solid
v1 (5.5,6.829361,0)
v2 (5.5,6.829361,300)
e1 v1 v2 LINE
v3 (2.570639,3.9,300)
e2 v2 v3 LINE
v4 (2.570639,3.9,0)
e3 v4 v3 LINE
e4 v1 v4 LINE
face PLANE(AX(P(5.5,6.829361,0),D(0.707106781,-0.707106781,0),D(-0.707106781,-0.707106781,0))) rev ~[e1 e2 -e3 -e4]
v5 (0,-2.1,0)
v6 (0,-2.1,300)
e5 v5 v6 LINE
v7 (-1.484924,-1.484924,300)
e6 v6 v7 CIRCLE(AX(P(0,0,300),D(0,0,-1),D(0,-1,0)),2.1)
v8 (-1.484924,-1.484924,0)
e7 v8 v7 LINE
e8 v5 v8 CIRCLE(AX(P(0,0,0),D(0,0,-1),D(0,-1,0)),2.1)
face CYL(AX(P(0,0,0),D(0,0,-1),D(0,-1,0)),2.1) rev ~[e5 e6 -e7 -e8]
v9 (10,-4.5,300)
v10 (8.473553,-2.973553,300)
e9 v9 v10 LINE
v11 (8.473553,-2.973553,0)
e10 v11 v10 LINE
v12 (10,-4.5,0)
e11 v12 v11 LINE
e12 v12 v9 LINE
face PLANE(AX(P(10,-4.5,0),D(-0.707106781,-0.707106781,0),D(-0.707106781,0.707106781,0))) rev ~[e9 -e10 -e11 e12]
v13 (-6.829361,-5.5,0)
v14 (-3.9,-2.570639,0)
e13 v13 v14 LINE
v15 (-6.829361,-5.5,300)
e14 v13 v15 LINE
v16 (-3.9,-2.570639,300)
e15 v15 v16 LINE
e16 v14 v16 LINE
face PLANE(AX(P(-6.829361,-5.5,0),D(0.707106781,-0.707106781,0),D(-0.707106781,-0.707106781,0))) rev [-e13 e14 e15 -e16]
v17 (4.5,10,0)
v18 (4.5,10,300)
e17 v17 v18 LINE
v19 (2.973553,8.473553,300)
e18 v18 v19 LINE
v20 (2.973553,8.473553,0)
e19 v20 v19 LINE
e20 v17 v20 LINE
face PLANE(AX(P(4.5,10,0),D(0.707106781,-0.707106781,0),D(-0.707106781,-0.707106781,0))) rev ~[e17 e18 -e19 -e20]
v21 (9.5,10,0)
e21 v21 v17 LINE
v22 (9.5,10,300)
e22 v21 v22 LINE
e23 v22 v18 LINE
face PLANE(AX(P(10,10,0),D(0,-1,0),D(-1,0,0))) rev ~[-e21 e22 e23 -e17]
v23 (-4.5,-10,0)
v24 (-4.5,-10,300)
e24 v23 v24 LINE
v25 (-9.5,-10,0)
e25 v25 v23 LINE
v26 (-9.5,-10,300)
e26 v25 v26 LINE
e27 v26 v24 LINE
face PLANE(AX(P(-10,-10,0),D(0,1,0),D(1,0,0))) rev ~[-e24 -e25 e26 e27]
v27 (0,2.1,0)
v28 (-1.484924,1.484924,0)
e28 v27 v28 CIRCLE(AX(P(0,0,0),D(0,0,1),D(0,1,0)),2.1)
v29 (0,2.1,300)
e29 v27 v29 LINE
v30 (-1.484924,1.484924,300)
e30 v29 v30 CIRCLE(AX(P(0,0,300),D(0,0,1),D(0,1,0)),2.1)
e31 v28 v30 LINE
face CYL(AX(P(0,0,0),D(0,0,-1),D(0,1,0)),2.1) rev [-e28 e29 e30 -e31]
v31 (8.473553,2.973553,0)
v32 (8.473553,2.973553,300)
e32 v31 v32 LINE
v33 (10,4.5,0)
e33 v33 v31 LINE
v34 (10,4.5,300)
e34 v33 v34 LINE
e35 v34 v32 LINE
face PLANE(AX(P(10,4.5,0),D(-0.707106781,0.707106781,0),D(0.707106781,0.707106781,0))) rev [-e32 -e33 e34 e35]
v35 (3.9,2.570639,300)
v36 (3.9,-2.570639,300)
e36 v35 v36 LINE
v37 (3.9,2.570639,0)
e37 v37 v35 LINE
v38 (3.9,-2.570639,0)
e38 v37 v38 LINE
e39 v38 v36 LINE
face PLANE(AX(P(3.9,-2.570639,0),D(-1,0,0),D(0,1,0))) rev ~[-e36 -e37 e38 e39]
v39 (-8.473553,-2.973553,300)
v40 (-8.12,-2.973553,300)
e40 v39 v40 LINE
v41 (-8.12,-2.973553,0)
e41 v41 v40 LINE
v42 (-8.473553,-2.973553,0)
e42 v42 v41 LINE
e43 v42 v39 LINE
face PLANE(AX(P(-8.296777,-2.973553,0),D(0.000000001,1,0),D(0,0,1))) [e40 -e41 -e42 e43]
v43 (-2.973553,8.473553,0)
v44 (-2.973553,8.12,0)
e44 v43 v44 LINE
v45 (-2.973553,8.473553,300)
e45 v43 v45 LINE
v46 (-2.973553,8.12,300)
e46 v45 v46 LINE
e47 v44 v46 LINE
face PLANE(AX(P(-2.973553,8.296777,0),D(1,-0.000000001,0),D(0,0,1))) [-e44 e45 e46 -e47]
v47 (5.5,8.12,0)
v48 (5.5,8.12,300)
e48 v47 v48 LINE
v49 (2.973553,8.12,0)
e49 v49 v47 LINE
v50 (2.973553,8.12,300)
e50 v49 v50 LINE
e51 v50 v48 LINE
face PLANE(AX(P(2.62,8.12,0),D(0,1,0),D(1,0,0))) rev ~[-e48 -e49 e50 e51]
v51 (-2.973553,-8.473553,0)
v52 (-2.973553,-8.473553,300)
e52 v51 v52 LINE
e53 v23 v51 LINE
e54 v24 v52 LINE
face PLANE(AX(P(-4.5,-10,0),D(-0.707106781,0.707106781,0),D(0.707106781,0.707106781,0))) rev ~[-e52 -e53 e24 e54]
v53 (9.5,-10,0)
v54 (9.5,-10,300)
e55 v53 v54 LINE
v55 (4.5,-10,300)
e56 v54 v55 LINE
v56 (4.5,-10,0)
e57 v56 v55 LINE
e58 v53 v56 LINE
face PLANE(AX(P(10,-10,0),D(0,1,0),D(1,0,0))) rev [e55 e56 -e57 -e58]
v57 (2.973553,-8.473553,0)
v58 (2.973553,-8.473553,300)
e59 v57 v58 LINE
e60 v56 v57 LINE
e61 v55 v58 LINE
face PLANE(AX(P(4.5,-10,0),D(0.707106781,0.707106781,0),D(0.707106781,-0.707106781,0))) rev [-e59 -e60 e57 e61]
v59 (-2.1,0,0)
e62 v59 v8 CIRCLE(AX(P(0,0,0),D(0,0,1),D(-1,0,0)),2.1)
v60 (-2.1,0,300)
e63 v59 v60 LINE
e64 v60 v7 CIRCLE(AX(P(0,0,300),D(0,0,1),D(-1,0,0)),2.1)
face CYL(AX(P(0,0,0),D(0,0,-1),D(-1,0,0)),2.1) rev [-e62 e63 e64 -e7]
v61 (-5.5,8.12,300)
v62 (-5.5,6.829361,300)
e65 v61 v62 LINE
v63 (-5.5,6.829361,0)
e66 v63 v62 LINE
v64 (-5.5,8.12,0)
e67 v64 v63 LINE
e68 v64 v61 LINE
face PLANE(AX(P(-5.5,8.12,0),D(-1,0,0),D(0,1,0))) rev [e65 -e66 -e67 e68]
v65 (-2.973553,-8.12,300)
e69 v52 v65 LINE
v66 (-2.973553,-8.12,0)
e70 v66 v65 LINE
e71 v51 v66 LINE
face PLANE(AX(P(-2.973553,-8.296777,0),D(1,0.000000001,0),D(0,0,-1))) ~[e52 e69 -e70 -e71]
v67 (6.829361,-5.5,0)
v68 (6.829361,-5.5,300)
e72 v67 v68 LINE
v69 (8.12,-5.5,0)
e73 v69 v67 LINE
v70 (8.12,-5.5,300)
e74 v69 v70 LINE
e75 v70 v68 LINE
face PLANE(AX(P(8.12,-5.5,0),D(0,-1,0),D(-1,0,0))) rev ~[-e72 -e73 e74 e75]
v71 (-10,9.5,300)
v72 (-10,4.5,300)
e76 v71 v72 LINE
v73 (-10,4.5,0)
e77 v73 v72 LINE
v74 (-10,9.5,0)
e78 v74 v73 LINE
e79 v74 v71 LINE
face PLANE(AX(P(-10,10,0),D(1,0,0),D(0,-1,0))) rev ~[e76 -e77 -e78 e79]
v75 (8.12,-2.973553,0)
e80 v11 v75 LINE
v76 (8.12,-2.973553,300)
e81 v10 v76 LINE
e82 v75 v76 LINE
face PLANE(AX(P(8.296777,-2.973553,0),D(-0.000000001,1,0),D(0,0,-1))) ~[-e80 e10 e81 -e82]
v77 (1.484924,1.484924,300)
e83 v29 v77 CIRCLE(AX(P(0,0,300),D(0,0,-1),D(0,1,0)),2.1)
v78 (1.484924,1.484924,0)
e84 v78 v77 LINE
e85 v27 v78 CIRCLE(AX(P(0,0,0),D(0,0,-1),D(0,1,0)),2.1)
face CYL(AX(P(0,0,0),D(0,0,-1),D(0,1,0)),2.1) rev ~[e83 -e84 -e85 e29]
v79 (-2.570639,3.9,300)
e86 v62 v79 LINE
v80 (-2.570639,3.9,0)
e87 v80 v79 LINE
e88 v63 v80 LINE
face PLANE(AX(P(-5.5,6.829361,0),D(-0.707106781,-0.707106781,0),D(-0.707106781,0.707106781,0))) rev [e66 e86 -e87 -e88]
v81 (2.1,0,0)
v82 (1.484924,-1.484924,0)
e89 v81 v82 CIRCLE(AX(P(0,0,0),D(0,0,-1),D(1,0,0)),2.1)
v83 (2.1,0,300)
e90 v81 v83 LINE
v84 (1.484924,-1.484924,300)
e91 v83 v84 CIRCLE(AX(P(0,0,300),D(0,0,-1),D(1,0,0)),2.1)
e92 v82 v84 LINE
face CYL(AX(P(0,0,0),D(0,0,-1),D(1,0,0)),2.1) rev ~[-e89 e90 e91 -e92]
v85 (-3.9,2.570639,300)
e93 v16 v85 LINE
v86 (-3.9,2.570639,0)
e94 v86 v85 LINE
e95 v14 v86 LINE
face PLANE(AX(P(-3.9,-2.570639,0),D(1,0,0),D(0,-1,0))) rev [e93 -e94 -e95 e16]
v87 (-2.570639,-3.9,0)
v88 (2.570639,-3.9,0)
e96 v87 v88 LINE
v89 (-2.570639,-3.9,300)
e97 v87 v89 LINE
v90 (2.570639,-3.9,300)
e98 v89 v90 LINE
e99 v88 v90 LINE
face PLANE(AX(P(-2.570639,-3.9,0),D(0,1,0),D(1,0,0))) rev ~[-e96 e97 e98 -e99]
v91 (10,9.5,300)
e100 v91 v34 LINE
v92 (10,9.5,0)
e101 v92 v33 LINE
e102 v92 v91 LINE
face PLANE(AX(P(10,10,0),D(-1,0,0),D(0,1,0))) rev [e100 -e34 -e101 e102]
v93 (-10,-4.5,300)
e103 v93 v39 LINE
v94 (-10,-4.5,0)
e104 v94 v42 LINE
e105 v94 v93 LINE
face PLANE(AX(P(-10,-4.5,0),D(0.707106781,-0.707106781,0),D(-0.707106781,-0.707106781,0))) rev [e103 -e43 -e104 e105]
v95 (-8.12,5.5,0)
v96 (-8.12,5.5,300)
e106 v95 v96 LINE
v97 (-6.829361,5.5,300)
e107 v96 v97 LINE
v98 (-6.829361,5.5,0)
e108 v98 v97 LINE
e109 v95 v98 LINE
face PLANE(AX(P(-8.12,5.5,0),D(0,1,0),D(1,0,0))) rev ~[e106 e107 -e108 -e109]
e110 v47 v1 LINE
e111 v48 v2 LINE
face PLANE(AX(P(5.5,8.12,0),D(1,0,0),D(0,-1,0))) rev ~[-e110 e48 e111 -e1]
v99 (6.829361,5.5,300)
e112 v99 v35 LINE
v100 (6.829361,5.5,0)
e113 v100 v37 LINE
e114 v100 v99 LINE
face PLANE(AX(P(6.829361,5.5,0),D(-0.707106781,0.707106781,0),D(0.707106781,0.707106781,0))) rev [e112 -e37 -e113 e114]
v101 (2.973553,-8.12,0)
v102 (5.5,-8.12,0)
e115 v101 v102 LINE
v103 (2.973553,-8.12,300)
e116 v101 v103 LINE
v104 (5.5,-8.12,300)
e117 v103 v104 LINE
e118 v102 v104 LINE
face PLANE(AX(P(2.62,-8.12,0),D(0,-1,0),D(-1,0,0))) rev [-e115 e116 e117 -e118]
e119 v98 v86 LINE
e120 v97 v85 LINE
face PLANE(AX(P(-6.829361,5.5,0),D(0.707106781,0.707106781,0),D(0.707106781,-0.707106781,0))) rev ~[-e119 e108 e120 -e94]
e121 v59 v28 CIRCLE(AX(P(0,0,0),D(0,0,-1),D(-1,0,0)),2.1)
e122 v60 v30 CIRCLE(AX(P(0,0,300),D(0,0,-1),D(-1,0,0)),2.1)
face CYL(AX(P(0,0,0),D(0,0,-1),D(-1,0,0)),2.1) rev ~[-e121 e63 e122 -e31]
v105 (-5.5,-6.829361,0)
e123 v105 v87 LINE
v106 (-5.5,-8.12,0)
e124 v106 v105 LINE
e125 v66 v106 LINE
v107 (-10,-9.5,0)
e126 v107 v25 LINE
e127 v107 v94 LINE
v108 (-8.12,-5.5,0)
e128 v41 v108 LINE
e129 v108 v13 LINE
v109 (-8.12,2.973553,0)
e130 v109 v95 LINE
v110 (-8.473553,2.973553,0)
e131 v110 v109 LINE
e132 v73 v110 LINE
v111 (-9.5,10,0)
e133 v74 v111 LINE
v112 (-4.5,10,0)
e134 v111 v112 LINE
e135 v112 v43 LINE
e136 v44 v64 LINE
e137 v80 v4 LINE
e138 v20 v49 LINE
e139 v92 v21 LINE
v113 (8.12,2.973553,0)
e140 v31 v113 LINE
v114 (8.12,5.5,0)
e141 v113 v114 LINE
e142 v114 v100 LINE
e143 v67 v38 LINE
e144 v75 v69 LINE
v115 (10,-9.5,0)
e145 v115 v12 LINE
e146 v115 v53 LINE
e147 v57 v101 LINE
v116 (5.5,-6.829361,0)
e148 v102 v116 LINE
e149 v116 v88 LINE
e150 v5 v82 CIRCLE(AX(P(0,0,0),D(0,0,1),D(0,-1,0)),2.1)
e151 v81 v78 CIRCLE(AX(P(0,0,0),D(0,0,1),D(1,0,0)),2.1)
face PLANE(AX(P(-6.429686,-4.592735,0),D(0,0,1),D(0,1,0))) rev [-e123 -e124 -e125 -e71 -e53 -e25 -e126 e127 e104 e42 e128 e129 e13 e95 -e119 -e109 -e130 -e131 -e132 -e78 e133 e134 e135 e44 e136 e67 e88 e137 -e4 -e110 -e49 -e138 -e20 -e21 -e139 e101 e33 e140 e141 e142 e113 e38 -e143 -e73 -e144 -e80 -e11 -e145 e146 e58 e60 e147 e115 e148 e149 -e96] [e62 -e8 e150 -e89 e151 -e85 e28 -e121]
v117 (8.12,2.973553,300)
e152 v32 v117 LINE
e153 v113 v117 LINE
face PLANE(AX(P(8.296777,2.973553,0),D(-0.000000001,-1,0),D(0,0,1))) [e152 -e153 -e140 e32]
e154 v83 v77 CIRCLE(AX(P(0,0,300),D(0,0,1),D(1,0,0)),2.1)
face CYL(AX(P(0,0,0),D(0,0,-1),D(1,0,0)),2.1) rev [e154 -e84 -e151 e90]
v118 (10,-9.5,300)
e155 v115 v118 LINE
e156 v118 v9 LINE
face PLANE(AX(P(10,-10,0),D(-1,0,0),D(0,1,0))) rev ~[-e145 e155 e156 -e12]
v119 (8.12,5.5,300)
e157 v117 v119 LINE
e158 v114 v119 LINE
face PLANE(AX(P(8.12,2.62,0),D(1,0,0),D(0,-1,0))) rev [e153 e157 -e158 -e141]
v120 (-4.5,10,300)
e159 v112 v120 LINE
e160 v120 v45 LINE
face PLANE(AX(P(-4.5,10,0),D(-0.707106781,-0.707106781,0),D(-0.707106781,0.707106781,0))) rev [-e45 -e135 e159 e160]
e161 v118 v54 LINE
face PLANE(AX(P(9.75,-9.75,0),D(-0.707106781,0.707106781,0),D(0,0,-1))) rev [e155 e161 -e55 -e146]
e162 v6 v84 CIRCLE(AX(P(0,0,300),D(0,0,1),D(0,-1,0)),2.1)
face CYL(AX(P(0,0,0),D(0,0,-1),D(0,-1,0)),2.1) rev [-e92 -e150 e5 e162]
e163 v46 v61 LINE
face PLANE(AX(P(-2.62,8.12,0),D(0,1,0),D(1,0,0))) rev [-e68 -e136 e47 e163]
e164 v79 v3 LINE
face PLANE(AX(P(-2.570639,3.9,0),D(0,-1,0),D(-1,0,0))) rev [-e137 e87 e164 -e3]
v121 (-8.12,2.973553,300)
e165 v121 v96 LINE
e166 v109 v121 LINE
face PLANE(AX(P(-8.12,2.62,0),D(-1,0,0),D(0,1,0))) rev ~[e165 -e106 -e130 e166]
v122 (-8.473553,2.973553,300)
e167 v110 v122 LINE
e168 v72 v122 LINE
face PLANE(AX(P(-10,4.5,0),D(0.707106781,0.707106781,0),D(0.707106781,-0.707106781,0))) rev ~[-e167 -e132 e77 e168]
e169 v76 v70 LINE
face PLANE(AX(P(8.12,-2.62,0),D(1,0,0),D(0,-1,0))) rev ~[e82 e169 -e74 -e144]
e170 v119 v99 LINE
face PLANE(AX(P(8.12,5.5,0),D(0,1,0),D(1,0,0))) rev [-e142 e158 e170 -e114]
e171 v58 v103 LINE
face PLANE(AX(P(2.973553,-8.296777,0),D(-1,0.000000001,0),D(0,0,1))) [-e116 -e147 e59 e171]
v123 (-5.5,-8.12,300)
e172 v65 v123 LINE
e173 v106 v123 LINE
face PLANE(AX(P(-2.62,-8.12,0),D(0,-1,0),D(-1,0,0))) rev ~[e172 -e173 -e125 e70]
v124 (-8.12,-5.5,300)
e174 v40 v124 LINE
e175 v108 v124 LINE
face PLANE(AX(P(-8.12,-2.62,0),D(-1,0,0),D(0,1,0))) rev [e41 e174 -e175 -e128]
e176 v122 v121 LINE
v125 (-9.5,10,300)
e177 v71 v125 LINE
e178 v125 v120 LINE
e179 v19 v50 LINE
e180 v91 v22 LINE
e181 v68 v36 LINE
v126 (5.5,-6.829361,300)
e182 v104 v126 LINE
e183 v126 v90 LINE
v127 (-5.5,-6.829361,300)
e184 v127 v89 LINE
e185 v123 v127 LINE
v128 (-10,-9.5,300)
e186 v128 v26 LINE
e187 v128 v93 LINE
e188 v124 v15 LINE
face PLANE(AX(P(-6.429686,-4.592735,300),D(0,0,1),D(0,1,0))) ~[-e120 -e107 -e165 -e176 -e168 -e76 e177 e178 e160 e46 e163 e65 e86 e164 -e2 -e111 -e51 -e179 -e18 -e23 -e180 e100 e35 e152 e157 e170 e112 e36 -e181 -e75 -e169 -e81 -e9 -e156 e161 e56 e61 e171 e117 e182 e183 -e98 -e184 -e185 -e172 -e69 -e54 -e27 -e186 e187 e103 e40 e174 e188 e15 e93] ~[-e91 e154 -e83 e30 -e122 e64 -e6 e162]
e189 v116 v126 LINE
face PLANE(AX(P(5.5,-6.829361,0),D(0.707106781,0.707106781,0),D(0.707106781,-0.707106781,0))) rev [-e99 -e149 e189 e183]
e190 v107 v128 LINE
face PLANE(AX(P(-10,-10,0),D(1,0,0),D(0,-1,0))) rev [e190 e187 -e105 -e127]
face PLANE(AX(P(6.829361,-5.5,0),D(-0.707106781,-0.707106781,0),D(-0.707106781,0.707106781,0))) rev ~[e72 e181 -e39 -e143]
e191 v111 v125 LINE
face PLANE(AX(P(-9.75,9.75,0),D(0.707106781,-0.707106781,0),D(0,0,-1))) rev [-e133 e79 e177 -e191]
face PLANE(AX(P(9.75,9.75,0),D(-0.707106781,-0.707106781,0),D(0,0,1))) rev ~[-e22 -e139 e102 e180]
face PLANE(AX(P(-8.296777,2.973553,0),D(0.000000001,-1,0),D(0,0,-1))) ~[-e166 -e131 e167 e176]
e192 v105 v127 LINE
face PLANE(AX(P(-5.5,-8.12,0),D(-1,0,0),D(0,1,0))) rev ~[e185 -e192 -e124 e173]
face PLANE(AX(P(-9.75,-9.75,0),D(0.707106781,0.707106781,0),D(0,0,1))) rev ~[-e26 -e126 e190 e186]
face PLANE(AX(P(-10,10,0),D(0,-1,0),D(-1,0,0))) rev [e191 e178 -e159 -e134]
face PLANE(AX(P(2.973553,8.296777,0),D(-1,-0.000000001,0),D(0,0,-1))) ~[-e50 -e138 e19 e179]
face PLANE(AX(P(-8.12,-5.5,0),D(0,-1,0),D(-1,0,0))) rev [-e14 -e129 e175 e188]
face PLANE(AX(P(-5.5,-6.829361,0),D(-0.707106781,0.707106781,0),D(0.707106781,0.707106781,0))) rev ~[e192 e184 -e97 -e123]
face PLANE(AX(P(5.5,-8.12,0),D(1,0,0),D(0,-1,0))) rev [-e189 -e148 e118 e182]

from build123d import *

# Parameters (mm, degrees)
BOSS_EXTRUDE1_DEPTH = 300
CHAMFER2_SIZE2      = 0.353553391
CHAMFER2_SIZE       = 0.5
CHAMFER1_SIZE       = 0.5


with BuildPart() as part:
    # Sketch1 → Boss-Extrude1 (new body)
    with BuildSketch(Plane.XY):
        with BuildLine():
            Line((5.5, 6.829360749), (2.570639251, 3.9))
            Line((2.570639251, 3.9), (0, 3.9))
            Line((0, 3.9), (0, 2.1))
            ThreePointArc((0, 2.1), (0.803635208, 1.940147018), (1.48492424, 1.48492424))
            Line((1.48492424, 1.48492424), (10, 10))
            Line((10, 10), (4.5, 10))
            Line((4.5, 10), (2.62, 8.12))
            Line((2.62, 8.12), (5.5, 8.12))
            Line((5.5, 8.12), (5.5, 6.829360749))
        make_face()
    extrude(amount=BOSS_EXTRUDE1_DEPTH)

    # Chamfer2
    chamfer2_edges = [part.edges().sort_by_distance(p)[0] for p in [
        (2.62, 8.12, 150),
    ]]
    chamfer(chamfer2_edges, length=CHAMFER2_SIZE, length2=CHAMFER2_SIZE2)

    # Mirror1: part across plane


with BuildPart() as part_1:
    add(part.part)
    add(part.part.mirror(Plane(origin=(10, 10, 300), x_dir=(0, 0, 1), z_dir=(-0.707106781, 0.707106781, 0))))

    # Chamfer1
    chamfer1_edges = [part_1.edges().sort_by_distance(p)[0] for p in [
        (10, 10, 150),
    ]]
    chamfer(chamfer1_edges, length=CHAMFER1_SIZE)

    # Mirror4: part across plane


with BuildPart() as part_2:
    add(part_1.part)
    add(part_1.part.mirror(Plane(origin=(0, 3.9, 300), x_dir=(0, 0, 1), z_dir=(1, 0, 0))))

    # Mirror5: part across plane


with BuildPart() as part_3:
    add(part_2.part)
    add(part_2.part.mirror(Plane(origin=(-3.9, 0, 300), x_dir=(0, 0, 1), z_dir=(0, 1, 0))))


solid = part_3.part
